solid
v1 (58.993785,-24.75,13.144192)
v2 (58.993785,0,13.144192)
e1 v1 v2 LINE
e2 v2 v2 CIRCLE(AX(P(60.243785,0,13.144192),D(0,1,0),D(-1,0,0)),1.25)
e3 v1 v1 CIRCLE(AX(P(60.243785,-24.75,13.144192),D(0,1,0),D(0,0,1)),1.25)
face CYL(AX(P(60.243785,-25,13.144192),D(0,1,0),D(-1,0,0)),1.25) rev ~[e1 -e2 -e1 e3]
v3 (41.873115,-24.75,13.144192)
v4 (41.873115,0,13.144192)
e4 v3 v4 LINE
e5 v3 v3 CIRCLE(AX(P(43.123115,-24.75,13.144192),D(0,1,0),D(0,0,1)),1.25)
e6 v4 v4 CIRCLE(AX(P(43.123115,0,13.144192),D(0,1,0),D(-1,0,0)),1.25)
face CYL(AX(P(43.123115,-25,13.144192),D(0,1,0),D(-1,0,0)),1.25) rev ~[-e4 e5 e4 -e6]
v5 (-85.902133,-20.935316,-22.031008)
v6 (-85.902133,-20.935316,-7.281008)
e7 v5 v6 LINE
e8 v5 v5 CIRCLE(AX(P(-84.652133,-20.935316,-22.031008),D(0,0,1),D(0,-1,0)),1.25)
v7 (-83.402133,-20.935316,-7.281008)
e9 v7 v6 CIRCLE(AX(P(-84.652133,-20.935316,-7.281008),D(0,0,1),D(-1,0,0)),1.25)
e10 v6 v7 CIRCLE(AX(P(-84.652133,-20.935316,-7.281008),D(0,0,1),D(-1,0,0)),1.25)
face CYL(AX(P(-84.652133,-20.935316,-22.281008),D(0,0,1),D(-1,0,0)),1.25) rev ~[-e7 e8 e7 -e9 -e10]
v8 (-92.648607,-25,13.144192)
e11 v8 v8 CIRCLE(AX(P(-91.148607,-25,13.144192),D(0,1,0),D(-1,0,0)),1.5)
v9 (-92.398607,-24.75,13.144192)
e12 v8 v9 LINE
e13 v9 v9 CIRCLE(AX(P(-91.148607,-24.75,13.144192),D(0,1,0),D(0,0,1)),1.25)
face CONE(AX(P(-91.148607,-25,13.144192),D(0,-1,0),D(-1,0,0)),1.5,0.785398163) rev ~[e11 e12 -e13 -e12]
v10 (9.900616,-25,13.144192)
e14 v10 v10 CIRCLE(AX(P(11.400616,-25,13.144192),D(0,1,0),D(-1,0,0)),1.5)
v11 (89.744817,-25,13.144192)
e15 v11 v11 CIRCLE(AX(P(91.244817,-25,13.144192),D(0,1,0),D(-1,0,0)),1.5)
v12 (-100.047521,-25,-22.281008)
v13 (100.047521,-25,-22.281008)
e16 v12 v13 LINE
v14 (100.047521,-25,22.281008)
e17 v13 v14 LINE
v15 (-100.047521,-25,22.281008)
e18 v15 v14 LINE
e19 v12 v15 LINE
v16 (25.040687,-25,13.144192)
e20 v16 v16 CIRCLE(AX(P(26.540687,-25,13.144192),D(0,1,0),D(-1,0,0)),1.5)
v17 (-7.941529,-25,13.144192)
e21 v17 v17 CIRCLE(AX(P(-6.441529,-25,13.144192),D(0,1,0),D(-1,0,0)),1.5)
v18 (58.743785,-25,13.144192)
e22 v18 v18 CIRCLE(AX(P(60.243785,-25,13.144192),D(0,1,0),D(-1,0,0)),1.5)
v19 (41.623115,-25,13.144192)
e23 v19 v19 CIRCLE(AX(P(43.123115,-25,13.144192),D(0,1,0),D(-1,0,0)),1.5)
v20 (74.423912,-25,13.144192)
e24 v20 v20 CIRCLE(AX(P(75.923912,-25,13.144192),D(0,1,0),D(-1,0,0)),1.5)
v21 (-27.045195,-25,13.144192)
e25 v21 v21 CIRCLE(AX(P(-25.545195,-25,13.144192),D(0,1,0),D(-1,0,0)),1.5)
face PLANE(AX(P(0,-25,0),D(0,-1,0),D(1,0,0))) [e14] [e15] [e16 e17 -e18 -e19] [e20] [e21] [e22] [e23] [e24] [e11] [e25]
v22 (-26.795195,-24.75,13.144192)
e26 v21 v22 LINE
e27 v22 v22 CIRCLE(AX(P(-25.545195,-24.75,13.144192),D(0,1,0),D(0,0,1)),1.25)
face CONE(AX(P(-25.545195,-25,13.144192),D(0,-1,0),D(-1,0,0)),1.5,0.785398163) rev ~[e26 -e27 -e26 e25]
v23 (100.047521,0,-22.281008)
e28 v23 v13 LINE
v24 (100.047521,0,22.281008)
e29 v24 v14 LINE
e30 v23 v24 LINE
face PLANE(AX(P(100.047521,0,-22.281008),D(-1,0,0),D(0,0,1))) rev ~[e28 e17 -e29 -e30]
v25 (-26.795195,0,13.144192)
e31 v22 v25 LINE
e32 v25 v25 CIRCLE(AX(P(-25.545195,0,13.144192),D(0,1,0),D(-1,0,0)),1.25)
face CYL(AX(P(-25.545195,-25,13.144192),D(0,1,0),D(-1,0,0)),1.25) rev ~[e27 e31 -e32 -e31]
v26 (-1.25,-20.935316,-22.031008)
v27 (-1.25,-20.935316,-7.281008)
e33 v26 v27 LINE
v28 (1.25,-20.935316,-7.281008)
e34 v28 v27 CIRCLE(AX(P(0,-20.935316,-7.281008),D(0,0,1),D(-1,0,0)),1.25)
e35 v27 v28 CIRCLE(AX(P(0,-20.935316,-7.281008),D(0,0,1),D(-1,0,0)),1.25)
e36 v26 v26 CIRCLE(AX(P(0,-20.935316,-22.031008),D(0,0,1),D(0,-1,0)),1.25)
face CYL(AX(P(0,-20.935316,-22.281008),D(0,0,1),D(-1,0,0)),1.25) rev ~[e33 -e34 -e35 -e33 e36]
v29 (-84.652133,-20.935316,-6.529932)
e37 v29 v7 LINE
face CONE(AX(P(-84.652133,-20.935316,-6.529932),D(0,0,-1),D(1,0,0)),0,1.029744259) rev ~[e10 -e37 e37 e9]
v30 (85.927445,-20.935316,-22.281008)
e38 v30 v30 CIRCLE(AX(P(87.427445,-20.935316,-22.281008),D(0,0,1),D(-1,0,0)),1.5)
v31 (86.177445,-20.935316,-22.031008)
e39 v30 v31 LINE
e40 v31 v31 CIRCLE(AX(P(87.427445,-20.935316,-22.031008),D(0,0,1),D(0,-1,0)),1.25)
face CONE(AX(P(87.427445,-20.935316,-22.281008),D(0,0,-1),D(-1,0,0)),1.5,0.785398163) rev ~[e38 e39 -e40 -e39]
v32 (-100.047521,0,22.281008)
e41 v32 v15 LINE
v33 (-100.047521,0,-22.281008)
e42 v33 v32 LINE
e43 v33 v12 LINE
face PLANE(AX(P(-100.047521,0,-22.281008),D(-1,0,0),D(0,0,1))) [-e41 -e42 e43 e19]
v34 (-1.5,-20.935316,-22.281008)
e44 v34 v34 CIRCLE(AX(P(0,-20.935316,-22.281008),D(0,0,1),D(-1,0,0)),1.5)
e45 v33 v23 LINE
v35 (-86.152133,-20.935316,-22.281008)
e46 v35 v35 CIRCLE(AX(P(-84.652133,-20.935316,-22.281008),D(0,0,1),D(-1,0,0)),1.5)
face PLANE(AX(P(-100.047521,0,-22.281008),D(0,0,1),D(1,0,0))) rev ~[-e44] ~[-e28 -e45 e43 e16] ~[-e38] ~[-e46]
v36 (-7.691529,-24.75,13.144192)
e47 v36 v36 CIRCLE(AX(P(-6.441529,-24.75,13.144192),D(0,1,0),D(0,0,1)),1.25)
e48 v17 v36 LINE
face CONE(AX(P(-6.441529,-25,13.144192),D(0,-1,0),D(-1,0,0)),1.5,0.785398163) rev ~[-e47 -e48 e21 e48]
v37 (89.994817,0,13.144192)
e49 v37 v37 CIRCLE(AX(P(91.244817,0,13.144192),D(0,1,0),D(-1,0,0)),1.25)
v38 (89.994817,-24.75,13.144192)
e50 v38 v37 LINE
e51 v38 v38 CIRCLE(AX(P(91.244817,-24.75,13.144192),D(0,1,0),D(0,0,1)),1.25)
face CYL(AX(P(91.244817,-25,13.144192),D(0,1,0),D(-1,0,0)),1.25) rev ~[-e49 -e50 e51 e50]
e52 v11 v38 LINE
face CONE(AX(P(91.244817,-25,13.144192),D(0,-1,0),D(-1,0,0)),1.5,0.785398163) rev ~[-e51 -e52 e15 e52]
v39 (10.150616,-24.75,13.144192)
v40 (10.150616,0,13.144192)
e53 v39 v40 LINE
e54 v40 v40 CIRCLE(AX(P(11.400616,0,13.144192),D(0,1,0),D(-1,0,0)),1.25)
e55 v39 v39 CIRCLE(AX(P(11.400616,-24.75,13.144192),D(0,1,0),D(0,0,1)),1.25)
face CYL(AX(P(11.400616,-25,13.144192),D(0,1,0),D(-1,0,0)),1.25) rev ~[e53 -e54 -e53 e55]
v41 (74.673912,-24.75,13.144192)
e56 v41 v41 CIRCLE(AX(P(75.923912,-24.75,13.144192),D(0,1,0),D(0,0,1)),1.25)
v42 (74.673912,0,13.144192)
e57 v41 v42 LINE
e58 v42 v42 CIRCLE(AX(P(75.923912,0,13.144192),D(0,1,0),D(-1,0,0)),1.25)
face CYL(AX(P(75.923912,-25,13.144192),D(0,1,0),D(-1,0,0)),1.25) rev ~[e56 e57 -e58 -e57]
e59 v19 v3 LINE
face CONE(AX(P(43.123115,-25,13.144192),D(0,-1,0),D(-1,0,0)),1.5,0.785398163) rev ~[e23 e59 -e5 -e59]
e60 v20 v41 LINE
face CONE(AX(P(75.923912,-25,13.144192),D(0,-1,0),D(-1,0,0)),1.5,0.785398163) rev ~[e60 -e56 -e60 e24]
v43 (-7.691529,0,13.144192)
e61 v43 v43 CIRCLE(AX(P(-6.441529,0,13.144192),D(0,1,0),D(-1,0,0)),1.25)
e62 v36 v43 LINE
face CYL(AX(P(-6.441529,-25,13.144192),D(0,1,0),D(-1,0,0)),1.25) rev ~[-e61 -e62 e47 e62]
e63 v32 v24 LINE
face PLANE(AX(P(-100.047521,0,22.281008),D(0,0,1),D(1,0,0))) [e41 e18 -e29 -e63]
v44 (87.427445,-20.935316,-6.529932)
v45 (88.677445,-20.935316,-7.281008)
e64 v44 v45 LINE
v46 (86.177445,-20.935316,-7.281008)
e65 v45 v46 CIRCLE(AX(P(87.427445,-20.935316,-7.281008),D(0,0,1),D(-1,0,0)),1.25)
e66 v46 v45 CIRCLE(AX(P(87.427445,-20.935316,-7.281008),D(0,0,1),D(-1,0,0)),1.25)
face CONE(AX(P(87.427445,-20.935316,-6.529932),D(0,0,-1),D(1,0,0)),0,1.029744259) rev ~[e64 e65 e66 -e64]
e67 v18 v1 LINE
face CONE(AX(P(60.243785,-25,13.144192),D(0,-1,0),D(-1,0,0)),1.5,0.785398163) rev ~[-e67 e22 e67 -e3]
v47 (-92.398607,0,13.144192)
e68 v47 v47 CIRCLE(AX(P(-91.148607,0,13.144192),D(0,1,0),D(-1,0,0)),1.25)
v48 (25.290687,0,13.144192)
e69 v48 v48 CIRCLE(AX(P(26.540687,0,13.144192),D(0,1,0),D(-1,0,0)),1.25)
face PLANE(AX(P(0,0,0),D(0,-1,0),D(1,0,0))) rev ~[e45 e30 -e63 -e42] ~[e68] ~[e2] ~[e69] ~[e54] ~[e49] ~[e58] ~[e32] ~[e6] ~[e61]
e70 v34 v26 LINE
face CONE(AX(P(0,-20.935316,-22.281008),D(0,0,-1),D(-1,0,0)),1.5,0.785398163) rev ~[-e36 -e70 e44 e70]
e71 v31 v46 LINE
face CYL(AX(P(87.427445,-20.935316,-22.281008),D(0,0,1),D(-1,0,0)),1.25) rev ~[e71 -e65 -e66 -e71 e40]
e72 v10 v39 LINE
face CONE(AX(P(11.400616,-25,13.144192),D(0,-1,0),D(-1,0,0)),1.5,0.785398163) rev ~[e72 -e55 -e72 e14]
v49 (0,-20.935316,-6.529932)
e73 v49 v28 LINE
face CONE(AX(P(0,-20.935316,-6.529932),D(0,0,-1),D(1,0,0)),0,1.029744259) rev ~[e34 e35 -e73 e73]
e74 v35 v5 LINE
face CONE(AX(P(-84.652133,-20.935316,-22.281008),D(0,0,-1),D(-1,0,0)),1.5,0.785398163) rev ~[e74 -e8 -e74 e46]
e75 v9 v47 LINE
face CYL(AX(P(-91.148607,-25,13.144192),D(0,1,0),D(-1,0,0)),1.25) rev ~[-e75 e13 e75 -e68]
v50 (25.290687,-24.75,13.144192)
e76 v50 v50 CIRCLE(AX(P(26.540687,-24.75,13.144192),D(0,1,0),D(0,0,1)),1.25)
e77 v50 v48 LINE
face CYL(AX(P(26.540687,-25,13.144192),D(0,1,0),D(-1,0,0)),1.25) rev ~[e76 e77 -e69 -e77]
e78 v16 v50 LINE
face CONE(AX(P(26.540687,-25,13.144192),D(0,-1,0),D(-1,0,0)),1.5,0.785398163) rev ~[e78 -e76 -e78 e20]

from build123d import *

# Parameters (mm, degrees)
F0_W           = 200.0950425863
F0_H           = 44.5620156825
F1_DEPTH       = 25
F3_D           = 2.5
F3_CSINK_D     = 3
F3_CSINK_ANGLE = 90
F5_D           = 2.5
F5_DEPTH       = 15
F5_CSINK_D     = 3
F5_CSINK_ANGLE = 90
F5_TIP         = 0.7510757738


with BuildPart() as f1:
    # F0 (on Front) → F1 (new body)
    with BuildSketch(Plane.XZ):
        Rectangle(F0_W, F0_H)
    extrude(amount=F1_DEPTH)

    # F3 (through all)
    with Locations(Plane.XZ.offset(25)):
        with Locations((-91.1486074328, 13.1441922858), (-25.5451947451, 13.1441922858), (-6.4415293746, 13.1441922858), (11.4006157964, 13.1441922858), (26.5406873077, 13.1441922858), (43.1231148541, 13.1441922858), (60.2437853813, 13.1441922858), (75.9239122272, 13.1441922858), (91.2448167801, 13.1441922858)):
            CounterSinkHole(F3_D / 2, F3_CSINK_D / 2, counter_sink_angle=F3_CSINK_ANGLE)

    # F5
    with Locations(Plane(origin=(0, 0, -22.2810078412), x_dir=(1, 0, 0), z_dir=(0, 0, -1))):
        with Locations((87.427444756, 20.9353156388), (0, 20.9353156388), (-84.652133286, 20.9353156388)):
            CounterSinkHole(F5_D / 2, F5_CSINK_D / 2, depth=F5_DEPTH, counter_sink_angle=F5_CSINK_ANGLE)
            with Locations((0, 0, -(F5_DEPTH + F5_TIP / 2))):  # 118° drill point
                Cone(0, F5_D / 2, F5_TIP, mode=Mode.SUBTRACT)


solid = f1.part
